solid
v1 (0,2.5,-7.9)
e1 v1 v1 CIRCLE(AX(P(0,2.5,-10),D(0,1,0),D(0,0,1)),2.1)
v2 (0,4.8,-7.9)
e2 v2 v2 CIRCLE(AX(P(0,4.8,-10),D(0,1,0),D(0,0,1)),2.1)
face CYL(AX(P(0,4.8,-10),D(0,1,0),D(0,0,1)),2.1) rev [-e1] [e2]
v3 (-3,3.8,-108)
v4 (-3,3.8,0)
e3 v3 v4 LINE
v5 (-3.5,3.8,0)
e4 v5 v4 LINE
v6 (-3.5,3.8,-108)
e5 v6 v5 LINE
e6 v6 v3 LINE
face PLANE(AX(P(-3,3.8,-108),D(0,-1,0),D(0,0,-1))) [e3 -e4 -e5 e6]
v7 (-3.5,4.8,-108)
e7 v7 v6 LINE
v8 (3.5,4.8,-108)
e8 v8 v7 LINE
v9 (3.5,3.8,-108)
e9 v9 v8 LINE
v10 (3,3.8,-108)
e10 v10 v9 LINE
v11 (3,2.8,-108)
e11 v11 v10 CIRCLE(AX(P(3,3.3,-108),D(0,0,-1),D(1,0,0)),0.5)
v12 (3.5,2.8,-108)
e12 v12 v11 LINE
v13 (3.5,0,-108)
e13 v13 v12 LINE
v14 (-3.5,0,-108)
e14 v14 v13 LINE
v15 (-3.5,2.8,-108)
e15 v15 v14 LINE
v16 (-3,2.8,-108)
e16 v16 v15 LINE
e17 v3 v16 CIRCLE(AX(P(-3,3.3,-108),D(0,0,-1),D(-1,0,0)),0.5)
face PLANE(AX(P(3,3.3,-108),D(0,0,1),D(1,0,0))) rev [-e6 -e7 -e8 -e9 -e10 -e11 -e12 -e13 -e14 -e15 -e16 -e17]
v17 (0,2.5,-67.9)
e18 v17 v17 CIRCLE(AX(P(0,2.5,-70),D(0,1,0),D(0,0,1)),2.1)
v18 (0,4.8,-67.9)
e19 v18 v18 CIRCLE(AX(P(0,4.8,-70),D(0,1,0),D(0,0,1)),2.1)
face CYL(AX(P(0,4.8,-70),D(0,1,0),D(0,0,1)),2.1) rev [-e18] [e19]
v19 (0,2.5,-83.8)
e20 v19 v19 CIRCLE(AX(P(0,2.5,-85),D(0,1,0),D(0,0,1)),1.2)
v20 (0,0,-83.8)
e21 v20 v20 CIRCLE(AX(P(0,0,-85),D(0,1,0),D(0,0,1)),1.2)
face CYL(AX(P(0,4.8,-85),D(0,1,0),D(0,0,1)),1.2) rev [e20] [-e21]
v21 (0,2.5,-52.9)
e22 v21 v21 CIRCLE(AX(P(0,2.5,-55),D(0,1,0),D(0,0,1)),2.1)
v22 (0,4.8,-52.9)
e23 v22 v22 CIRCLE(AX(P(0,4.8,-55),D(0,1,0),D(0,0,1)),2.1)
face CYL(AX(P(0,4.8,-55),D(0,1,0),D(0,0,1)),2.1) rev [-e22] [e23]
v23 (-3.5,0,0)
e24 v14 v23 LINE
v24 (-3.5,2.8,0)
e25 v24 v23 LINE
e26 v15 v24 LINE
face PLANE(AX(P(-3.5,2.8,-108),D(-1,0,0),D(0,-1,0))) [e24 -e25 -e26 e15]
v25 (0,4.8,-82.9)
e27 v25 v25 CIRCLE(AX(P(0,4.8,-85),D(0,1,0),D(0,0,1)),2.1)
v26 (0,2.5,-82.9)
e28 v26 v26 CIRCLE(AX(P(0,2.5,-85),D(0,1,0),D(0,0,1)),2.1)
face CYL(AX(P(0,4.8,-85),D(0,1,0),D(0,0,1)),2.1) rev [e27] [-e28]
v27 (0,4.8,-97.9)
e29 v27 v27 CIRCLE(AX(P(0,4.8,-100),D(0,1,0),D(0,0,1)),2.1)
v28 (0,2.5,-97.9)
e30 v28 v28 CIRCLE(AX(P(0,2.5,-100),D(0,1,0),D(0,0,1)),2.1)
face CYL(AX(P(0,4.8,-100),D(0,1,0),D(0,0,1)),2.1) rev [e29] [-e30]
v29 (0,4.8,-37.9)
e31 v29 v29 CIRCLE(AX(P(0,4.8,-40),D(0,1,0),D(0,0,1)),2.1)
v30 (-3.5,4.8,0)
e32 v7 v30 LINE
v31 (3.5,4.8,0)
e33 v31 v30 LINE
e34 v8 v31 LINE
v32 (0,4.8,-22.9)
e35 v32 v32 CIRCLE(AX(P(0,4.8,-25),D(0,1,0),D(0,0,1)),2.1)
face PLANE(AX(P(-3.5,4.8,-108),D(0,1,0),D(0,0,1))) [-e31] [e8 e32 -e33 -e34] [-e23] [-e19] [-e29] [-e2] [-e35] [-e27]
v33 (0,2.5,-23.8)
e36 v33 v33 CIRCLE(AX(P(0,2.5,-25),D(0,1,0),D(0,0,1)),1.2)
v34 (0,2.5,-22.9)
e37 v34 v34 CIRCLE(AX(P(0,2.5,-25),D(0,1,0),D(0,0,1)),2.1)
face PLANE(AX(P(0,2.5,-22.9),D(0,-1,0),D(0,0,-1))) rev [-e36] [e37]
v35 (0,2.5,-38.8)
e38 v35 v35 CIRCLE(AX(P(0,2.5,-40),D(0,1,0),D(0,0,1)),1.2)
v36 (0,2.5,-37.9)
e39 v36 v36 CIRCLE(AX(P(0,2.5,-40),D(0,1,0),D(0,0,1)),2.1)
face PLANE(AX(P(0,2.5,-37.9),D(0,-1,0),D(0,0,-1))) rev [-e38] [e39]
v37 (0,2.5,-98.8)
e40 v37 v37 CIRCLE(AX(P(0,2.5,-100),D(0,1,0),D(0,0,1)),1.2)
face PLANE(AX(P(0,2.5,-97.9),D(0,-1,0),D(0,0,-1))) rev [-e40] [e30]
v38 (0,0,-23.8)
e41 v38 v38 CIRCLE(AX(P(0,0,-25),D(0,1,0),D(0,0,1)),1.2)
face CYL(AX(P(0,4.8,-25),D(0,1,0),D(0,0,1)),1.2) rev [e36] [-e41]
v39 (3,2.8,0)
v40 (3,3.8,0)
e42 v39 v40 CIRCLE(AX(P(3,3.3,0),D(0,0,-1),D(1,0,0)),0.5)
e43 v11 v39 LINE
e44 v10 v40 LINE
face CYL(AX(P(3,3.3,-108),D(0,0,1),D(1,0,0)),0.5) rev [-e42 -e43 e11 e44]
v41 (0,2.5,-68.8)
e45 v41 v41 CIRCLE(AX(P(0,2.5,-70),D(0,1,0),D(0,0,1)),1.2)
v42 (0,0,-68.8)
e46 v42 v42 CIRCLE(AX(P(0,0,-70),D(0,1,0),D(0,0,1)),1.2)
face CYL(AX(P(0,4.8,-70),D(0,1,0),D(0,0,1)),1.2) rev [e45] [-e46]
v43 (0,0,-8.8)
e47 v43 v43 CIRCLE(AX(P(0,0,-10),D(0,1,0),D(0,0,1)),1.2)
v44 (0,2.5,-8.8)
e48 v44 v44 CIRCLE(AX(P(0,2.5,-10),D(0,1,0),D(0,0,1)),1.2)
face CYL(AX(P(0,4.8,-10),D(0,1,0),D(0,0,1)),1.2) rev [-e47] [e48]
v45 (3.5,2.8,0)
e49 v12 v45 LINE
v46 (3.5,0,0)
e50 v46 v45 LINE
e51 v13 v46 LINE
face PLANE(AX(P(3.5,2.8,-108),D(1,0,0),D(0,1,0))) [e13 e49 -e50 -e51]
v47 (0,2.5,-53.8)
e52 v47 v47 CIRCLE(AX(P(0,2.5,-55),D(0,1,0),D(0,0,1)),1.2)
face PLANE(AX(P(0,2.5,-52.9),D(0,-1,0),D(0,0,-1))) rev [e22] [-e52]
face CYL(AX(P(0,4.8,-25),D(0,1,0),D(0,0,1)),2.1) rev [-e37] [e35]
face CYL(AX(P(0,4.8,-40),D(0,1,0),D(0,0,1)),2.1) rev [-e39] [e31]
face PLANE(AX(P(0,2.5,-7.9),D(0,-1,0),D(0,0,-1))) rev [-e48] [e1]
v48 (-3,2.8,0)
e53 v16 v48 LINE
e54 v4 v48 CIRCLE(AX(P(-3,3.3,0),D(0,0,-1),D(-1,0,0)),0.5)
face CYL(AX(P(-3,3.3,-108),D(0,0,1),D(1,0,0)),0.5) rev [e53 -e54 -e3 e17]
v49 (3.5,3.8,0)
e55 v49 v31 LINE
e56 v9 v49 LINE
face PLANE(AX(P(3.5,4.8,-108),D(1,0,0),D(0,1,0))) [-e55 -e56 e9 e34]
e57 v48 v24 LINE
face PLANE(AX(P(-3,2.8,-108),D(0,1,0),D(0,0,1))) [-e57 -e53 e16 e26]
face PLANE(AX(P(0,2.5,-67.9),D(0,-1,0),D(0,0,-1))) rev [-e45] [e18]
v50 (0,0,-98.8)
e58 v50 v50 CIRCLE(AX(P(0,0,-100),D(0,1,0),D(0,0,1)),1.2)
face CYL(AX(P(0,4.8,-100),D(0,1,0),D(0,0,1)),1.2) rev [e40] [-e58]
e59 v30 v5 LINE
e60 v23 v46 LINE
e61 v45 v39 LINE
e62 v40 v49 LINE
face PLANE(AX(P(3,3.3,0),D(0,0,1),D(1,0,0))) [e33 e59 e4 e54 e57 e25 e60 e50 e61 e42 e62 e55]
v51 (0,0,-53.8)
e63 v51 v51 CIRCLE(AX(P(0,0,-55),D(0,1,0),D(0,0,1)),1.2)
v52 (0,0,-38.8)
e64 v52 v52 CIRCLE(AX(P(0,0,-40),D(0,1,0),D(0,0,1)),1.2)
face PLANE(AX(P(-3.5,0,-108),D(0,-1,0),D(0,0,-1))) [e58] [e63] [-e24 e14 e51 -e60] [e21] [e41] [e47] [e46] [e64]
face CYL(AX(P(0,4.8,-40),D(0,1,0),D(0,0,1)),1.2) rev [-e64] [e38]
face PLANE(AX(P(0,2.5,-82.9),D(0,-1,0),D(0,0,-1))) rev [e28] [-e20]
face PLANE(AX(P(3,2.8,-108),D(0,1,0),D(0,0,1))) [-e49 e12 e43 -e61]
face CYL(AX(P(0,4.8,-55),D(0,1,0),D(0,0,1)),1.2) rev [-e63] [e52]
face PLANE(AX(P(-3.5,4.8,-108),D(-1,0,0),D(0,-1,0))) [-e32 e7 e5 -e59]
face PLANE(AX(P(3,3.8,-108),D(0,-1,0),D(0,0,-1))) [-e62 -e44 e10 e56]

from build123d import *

# Parameters (mm, degrees)
BOSS_EXTRUDE1_DEPTH = 108
LPATTERN1_COUNT     = 7
LPATTERN1_PITCH     = 15


with BuildPart() as part:
    # Sketch1 → Boss-Extrude1 (new body)
    with BuildSketch(Plane.XY):
        with BuildLine():
            Line((-3.5, 0), (3.5, 0))
            Line((3.5, 0), (3.5, 2.8))
            Line((3.5, 2.8), (3, 2.8))
            ThreePointArc((3, 2.8), (2.5, 3.3), (3, 3.8))
            Line((3, 3.8), (3.5, 3.8))
            Line((3.5, 3.8), (3.5, 4.8))
            Line((3.5, 4.8), (-3.5, 4.8))
            Line((-3.5, 4.8), (-3.5, 3.8))
            Line((-3.5, 3.8), (-3, 3.8))
            ThreePointArc((-3, 3.8), (-2.5, 3.3), (-3, 2.8))
            Line((-3, 2.8), (-3.5, 2.8))
            Line((-3.5, 2.8), (-3.5, 0))
        make_face()
    extrude(amount=-BOSS_EXTRUDE1_DEPTH)

    # Sketch2 → Cut-Revolve1 (revolve, cut)
    with BuildSketch(Plane(origin=(0, 0, 0), x_dir=(0, 0, -1), z_dir=(1, 0, 0))):
        Polygon((7.9, 4.8), (7.9, 2.5), (8.8, 2.5), (8.8, 0), (10, 0), (10, 4.8), align=None)
    cut_revolve1 = revolve(axis=Axis((0, 4.8, -10), (0, -1, 0)), mode=Mode.SUBTRACT)

    # LPattern1: Cut-Revolve1 ×7
    with Locations(*[(0, 0, -i * LPATTERN1_PITCH) for i in range(1, LPATTERN1_COUNT)]):
        add(cut_revolve1, mode=Mode.SUBTRACT)


solid = part.part
